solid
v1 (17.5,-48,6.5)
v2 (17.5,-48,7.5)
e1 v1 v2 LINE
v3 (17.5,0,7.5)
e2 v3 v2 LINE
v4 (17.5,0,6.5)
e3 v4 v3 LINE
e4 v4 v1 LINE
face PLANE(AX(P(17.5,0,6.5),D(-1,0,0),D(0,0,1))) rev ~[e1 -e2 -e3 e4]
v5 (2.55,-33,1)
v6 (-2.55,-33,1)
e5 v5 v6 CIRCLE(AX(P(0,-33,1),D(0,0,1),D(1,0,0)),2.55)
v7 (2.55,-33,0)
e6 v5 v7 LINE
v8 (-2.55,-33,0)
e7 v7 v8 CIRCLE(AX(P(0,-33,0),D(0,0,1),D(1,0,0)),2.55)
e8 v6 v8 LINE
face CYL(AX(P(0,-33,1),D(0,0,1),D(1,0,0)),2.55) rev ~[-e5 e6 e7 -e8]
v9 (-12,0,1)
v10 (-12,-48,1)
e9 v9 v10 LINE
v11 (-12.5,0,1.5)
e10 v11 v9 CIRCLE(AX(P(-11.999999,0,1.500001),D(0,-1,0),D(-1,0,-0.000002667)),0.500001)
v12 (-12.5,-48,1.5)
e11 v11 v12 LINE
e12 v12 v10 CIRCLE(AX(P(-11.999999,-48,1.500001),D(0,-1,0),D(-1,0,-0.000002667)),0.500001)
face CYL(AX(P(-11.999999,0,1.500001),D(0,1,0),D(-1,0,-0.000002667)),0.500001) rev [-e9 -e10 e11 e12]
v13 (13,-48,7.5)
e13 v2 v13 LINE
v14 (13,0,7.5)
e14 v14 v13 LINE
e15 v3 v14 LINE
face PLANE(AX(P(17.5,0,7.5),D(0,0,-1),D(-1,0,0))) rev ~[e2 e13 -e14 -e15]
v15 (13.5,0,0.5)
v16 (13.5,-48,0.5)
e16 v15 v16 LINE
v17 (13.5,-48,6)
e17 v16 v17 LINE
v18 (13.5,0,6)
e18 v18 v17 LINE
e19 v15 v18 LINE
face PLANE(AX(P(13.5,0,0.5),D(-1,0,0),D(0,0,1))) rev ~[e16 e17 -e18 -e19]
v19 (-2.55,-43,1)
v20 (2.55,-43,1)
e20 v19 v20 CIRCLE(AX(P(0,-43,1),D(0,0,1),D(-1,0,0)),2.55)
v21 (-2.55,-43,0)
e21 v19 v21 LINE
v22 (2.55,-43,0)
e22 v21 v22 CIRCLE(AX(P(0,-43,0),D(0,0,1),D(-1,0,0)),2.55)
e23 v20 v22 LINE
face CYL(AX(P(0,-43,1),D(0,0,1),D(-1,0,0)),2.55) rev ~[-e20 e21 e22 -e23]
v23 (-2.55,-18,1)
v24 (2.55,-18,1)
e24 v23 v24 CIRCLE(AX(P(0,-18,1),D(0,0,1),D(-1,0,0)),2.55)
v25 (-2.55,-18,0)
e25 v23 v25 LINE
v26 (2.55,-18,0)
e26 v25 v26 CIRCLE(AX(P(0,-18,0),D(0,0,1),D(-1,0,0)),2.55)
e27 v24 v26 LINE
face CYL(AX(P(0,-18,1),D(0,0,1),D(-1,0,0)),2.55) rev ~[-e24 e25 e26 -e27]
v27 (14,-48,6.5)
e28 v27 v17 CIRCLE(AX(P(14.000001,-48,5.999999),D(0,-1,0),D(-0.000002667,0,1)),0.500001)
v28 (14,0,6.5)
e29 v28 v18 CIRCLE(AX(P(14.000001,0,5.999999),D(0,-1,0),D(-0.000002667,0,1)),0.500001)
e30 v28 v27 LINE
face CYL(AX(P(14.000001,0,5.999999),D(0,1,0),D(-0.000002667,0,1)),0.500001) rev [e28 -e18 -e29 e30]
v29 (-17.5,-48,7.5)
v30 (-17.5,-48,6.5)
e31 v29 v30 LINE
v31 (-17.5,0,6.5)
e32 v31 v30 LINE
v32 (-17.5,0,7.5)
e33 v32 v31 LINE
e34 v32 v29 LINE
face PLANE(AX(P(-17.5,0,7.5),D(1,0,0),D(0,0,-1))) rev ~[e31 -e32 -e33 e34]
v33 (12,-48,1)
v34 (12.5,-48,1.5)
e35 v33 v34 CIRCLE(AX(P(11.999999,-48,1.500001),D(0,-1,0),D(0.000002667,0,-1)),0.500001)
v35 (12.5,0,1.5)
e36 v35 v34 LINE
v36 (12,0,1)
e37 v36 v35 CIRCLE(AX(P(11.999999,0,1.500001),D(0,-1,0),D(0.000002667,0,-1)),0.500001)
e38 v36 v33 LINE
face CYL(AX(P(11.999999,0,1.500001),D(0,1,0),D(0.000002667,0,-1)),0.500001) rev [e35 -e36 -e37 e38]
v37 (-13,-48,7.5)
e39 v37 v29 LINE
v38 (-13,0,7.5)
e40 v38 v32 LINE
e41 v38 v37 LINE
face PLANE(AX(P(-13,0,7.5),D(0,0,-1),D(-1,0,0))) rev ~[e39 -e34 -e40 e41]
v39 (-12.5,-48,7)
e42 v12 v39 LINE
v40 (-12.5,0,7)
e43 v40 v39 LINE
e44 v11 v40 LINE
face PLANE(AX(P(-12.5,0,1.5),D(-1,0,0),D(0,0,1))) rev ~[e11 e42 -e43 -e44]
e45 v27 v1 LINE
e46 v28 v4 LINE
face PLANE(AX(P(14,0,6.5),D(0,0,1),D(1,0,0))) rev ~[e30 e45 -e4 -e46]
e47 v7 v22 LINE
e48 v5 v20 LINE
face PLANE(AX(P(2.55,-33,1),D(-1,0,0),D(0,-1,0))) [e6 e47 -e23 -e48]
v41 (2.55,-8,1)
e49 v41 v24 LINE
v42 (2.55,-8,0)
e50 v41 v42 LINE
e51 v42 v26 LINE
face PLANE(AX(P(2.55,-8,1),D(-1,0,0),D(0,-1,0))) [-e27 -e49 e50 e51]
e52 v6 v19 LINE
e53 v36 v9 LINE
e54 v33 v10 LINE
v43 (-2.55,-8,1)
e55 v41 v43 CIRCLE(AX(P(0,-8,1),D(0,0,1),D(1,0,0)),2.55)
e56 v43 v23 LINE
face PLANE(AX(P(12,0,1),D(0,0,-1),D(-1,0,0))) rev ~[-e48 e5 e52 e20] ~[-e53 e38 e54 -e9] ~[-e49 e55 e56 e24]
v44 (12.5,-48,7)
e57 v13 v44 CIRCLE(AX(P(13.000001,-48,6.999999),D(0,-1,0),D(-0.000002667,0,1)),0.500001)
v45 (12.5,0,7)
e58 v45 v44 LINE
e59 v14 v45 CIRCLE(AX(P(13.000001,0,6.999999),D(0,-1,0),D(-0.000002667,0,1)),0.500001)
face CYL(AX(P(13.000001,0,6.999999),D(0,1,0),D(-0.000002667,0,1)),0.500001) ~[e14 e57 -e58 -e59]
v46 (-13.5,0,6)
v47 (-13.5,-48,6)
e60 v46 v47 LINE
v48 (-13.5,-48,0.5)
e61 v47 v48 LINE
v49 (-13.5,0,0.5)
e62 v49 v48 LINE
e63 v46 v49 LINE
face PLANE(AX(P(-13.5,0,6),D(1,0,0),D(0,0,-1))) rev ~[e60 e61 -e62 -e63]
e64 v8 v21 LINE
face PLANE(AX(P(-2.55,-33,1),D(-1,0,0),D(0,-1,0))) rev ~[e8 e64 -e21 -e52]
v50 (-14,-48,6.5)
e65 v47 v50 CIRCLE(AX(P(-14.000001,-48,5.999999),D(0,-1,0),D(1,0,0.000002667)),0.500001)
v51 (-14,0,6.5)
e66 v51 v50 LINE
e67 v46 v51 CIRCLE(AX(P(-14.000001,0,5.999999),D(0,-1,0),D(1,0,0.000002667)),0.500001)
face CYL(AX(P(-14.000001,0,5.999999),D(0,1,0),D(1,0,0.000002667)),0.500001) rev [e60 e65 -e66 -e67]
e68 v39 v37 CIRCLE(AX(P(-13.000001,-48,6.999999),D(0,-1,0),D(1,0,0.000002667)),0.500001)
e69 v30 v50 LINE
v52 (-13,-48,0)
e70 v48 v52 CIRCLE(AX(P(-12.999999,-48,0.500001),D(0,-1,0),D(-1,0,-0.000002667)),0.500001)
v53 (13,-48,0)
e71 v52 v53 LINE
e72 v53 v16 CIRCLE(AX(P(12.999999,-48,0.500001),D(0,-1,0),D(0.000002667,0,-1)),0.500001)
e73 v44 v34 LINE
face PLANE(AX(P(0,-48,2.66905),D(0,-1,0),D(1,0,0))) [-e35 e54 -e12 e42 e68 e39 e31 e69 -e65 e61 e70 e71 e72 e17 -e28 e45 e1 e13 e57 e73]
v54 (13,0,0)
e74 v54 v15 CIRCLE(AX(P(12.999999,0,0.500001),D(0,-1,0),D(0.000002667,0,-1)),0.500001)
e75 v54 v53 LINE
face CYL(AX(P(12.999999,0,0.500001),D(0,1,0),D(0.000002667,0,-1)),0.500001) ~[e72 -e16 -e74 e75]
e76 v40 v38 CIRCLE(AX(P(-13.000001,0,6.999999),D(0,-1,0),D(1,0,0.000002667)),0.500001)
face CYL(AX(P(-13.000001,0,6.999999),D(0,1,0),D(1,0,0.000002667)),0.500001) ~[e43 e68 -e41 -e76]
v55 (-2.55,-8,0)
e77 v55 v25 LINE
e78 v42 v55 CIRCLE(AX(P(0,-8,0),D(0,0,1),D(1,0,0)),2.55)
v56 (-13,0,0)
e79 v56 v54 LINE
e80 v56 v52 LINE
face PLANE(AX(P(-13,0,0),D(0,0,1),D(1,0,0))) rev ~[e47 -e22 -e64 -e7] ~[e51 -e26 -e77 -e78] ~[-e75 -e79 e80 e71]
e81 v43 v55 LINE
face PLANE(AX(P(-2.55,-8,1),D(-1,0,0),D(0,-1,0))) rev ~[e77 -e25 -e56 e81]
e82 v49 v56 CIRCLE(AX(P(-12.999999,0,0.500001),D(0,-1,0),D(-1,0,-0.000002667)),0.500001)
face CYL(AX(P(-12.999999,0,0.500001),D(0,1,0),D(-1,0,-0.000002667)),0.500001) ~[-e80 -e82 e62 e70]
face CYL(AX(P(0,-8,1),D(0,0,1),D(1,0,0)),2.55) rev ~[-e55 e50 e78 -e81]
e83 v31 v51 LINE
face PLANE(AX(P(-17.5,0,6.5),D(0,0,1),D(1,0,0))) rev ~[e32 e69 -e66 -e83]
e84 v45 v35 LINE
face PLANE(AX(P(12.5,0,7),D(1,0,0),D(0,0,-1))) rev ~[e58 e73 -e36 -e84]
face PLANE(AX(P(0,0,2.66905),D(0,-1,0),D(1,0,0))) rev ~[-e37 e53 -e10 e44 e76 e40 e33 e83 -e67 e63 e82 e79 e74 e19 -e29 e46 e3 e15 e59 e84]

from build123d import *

# Parameters (mm, degrees)
PAD002_DEPTH    = 48
POCKET003_DEPTH = 5


with BuildPart() as pad002:
    # Sketch001 → Pad002 (new body)
    with BuildSketch(Plane.XZ):
        with BuildLine():
            Line((-17.5, 6.5), (-14, 6.5))
            ThreePointArc((-13.5, 6), (-13.646447, 6.353553), (-14, 6.5))
            Line((-13.5, 6), (-13.5, 0.5))
            ThreePointArc((-13.5, 0.5), (-13.353553, 0.146447), (-13, 0))
            Line((-13, 0), (13, 0))
            ThreePointArc((13, 0), (13.353553, 0.146447), (13.5, 0.5))
            Line((13.5, 0.5), (13.5, 6))
            ThreePointArc((14, 6.5), (13.646447, 6.353553), (13.5, 6))
            Line((14, 6.5), (17.5, 6.5))
            Line((17.5, 6.5), (17.5, 7.5))
            Line((17.5, 7.5), (13, 7.5))
            ThreePointArc((13, 7.5), (12.646447, 7.353553), (12.5, 7))
            Line((12.5, 7), (12.5, 1.5))
            ThreePointArc((12, 1), (12.353553, 1.146447), (12.5, 1.5))
            Line((12, 1), (-12, 1))
            ThreePointArc((-12.5, 1.5), (-12.353553, 1.146447), (-12, 1))
            Line((-12.5, 1.5), (-12.5, 7))
            ThreePointArc((-12.5, 7), (-12.646447, 7.353553), (-13, 7.5))
            Line((-13, 7.5), (-17.5, 7.5))
            Line((-17.5, 7.5), (-17.5, 6.5))
        make_face()
    extrude(amount=PAD002_DEPTH)


with BuildPart() as common:
    # Pocket003 base: copy of Pad002
    add(pad002.part)

    # Sketch002 (on Face19 of Pad002) → Pocket003 (cut)
    with BuildSketch(Plane(origin=(0, 0, 1), x_dir=(-1, 0, 0), z_dir=(0, 0, 1))):
        with BuildLine():
            ThreePointArc((-2.55, 33), (0, 30.45), (2.55, 33))
            Line((2.55, 33), (2.55, 43))
            ThreePointArc((2.55, 43), (0, 45.55), (-2.55, 43))
            Line((-2.55, 33), (-2.55, 43))
        make_face()
        with BuildLine():
            ThreePointArc((-2.55, 8), (0, 5.45), (2.55, 8))
            Line((2.55, 8), (2.55, 18))
            ThreePointArc((2.55, 18), (0, 20.55), (-2.55, 18))
            Line((-2.55, 8), (-2.55, 18))
        make_face()
    extrude(amount=-POCKET003_DEPTH, mode=Mode.SUBTRACT)

    # Common: intersect Pad002
    add(pad002.part, mode=Mode.INTERSECT)


solid = common.part
